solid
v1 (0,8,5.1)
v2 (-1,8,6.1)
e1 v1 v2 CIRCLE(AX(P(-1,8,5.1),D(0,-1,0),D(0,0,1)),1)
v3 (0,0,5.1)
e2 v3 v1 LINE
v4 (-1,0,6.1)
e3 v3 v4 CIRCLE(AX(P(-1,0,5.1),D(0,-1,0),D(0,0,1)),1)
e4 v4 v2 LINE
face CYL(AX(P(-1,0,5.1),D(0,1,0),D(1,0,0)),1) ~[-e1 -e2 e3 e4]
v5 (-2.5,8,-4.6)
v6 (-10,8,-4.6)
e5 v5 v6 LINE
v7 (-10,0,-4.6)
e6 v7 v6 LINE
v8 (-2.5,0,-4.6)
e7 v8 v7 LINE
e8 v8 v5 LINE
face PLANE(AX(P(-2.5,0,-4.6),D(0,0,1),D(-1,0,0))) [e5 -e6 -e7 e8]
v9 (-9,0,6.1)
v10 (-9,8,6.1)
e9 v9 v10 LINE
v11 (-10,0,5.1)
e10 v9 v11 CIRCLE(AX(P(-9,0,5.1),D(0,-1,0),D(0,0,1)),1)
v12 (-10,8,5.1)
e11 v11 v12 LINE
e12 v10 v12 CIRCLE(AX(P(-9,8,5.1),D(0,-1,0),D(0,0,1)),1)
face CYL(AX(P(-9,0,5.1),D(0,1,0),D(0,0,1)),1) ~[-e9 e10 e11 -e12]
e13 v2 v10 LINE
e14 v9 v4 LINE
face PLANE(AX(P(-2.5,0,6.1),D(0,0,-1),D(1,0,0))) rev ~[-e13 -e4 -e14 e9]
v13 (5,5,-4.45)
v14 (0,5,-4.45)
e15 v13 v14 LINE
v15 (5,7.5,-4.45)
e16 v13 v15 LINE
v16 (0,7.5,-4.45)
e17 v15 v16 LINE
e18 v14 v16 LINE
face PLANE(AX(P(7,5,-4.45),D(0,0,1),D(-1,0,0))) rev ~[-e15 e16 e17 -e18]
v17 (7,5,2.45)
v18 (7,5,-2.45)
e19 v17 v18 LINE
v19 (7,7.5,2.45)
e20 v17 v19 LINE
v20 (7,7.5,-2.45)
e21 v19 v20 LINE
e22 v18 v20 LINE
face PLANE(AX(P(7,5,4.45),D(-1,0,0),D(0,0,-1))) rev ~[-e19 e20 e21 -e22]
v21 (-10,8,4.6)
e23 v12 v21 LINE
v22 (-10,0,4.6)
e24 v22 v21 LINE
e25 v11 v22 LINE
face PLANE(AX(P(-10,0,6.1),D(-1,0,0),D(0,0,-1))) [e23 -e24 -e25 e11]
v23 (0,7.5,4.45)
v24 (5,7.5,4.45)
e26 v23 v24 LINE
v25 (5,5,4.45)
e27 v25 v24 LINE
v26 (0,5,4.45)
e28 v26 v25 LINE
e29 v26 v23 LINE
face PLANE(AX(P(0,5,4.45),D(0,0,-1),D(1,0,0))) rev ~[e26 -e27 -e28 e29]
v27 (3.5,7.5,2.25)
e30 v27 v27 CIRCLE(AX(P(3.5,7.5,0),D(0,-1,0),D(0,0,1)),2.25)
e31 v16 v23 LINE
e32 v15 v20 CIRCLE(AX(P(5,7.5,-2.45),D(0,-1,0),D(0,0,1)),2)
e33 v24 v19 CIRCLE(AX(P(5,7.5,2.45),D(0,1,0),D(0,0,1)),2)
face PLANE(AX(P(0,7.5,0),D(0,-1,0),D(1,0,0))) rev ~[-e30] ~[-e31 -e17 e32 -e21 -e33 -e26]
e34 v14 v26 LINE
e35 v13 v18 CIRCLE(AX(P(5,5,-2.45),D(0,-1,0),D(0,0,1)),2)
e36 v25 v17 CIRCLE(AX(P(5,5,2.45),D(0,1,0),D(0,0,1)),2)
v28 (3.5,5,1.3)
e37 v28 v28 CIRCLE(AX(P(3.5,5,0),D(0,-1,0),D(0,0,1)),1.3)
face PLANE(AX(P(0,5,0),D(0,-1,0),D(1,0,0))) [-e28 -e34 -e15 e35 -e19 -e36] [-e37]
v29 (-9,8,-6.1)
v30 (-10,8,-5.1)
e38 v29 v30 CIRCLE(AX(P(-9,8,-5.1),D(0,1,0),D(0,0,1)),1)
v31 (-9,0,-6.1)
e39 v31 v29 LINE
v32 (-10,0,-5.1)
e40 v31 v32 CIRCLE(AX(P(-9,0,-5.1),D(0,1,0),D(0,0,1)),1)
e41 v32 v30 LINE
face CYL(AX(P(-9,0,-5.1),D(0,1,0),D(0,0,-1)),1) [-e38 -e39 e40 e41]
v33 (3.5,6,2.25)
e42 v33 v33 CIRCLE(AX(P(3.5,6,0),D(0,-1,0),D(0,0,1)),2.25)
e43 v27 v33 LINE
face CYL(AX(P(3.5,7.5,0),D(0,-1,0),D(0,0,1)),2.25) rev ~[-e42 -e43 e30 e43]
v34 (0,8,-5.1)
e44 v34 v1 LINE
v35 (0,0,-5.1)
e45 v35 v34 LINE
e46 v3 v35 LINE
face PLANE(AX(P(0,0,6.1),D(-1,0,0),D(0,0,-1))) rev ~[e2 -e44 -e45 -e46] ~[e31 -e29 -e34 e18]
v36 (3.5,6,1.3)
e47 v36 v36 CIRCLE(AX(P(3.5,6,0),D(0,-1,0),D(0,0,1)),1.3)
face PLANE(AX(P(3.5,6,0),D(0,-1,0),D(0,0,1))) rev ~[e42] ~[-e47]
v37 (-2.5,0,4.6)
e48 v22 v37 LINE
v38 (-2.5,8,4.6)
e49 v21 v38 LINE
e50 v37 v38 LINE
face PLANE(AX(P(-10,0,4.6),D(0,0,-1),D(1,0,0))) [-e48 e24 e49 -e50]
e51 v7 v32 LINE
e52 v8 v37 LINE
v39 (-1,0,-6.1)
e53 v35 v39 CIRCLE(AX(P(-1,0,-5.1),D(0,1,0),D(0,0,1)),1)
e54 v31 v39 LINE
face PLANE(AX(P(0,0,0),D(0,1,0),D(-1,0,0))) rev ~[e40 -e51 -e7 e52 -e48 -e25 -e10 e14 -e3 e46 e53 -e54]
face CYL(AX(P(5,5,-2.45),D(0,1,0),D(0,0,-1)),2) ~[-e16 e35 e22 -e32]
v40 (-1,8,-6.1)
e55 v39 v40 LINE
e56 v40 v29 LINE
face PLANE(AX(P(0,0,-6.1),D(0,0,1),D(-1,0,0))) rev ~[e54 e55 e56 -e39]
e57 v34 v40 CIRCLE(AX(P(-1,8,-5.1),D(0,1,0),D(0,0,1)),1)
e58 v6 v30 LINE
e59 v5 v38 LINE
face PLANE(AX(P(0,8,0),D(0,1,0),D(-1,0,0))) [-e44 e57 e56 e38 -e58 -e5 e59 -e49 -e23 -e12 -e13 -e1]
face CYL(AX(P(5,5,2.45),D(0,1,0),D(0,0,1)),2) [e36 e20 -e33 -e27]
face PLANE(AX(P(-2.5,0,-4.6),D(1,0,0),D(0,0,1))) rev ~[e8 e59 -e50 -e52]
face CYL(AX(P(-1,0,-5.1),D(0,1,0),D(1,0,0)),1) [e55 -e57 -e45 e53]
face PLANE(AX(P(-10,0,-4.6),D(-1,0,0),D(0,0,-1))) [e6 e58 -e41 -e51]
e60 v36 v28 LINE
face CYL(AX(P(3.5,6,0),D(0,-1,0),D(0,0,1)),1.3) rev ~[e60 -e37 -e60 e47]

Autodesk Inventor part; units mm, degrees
ref_plane "YZ Plane" through (0, 0, 0) normal (1, 0, 0) x (0, 1, 0)
ref_plane "XZ Plane" through (0, 0, 0) normal (0, 1, 0) x (-1, 0, 0)
sketch "Szkic1" plane through (0, 0, 0) normal (0, 1, 0) x (-1, 0, 0)
  line L0 (2.5, 6.1) -> (0, 6.1)
  line L1 (0, 6.1) -> (0, -6.1)
  line L2 (0, -6.1) -> (2.5, -6.1)
  line L3 (2.5, -6.1) -> (2.5, 6.1)
  line L4 (0, 6.1) -> (10, 6.1)
  line L5 (10, 6.1) -> (10, 4.6)
  line L6 (10, 4.6) -> (0, 4.6)
  line L7 (0, 4.6) -> (0, 6.1)
  line L8 (0, -4.6) -> (10, -4.6)
  line L9 (10, -4.6) -> (10, -6.1)
  line L10 (10, -6.1) -> (0, -6.1)
  line L11 (0, -6.1) -> (0, -4.6)
  point P0 (0, 0)
  point P1 (0, 0)
  point P2 (2.5, -6.1)
  point P3 (2.5, -4.6)
  point P4 (2.5, 4.6)
  dimension "d0" = 2.5
  dimension "d1" = 9.2
  dimension "d2" = 10
  dimension "d3" = 1.5
  dimension "d4" = 1.5
extrude "Wyciągnięcie proste1" add sketch "Szkic1" along normal blind 8
ref_plane "Płaszczyzna konstrukcyjna1" through (0, 5, 0) normal (0, -1, 0) x (1, 0, 0)
sketch "Szkic2" plane through (0, 5, 0) normal (0, -1, 0) x (1, 0, 0)
  line L0 (7, -4.45) -> (0, -4.45)
  line L1 (0, -4.45) -> (0, 4.45)
  line L2 (0, 4.45) -> (7, 4.45)
  line L3 (7, 4.45) -> (7, -4.45)
  point P0 (0, 0)
  point P1 (0, 0)
  dimension "d8" = 8.9
  dimension "d9" = 7
extrude "Wyciągnięcie proste2" add sketch "Szkic2" against normal blind 2.5
sketch "Szkic3" plane through (0, 7.5, 0) normal (0, 1, 0) x (1, 0, 0)
  line L0 (3.5, -4) -> (3.5, 4)
  line L1 (-13.4, 0) -> (10.4, 0) projected
  line L2 (7, 4.45) -> (0, 4.45) projected
  line L3 (0, -4.45) -> (7, -4.45) projected
  point P0 (0, 0)
  point P1 (3.5, 0)
  point P2 (0, 4.45)
  point P3 (3.5, -4.45)
  point P4 (3.5, 4.45)
hole "Otwór1" at (3.5, 7.5, 0) direction (0, -1, 0) diameter 2.6 end through all counterbore diameter 4.5 counterbore depth 1.5
fillet "Zaokrąglenie1" radius 2 2 edges at (7, 6.25, 4.45) (7, 6.25, -4.45)
fillet "Zaokrąglenie2" radius 1 4 edges at (-10, 4, -6.1) (0, 4, -6.1) (-10, 4, 6.1) (0, 4, 6.1)
equation "\"d0\" = holder_gniazdo_grubosc"
equation "\"d1\" = holder_gniazdo_odleglosc_miedzy_ramionami"
equation "\"d2\" = holder_gniazdo_dlugosc_ramion"
equation "\"d3\" = holder_gniazdo_grubosc_ramion"
equation "\"d4\" = holder_gniazdo_grubosc_ramion"
equation "\"d5\" = holder_gniazdo_wys"
equation "\"d8\" = podstawa_mocowanie_DC_b"
equation "\"d9\" = podstawa_mocowanie_DC_a"
equation "\"d10\" = holder_gniazdo_grubosc"
equation "\"d12\" = gniazdo_M2_D2"
equation "\"d14\" = gniazdo_M2_D1"
equation "\"d15\" = gniazdo_M2_glebokosc"
equation "\"gniazdo_M2_glebokosc\" = 1.5"
equation "\"gniazdo_M2_D1\" = 4.5"
equation "\"gniazdo_M2_D2\" = 2.6"
equation "\"insert_D\" = 2.9"
equation "\"insert_glebokosc\" = 7"
equation "\"podstawa_wys\" = 2"
equation "\"podstawa_otwory_montazowe_poz_x\" = 4"
equation "\"podstawa_otwory_montazowe_poz_y\" = 4"
equation "\"podstawa_zaokraglenie\" = 3"
equation "\"obudowa_wys\" = 45"
equation "\"obudowa_grubosc\" = 2"
equation "\"obudowa_kontrolki_a\" = 38"
equation "\"obudowa_otwory_montazowe_poz_x\" = 4"
equation "\"obudowa_otwory_montazowe_poz_y\" = 4"
equation "\"obudowa_otwory_montazowe_material_x\" = 8"
equation "\"obudowa_otwory_montazowe_material_y\" = 8"
equation "\"obudowa_zaokraglenie\" = 3"
equation "\"obudowa_otwory_io1_D\" = 12"
equation "\"obudowa_otwory_io1_wys\" = 25"
equation "\"obudowa_otwory_io1_poz\" = 55"
equation "\"obudowa_otwory_io2_D\" = 12"
equation "\"obudowa_otwory_io2_wys\" = 25"
equation "\"obudowa_otwory_io2_poz\" = 38"
equation "\"obudowa_otwory_pot_D\" = 7.2"
equation "\"obudowa_pot_poz_y\" = 15"
equation "\"obudowa_s_rozstaw_y\" = 16"
equation "\"obudowa_s_poz_x\" = 78"
equation "\"obudowa_s_poz_y\" = 15"
equation "\"obudowa_s_D\" = 6.2"
equation "\"input_a\" = 8.9"
equation "\"input_b\" = 14.4"
equation "\"input_wys\" = 10.9"
equation "\"obudowa_MTS_otwor_D\" = 6.2"
equation "\"pcb_rozstaw_x\" = 92"
equation "\"pcb_rozstaw_y\" = 58"
equation "\"pcb_grubosc_scianki\" = 6"
equation "\"pcb_wys_bloku\" = 35"
equation "\"pcb_poz_y\" = 29"
equation "\"obudowa_footswitch_D\" = 12.3"
equation "\"obudowa_footswitch_poz_x\" = 35"
equation "\"obudowa_footswitch_poz_y\" = 68"
equation "\"obudowa_led_indicator_D\" = 3.5"
equation "\"obudowa_led_indicator_poz_x\" = 55"
equation "\"obudowa_podkladka_otwory\" = 4"
equation "\"obudowa_uchwyt_poz_z\" = 3"
equation "\"obudowa_uchwyt_grubosc\" = 2"
equation "\"obudowa_uchwyt_szerokosc_wew\" = 17.5"
equation "\"obudowa_uchwyt_wysokosc_wew\" = 26.3"
equation "\"obudowa_uchwyt_kolnierz_wys\" = 55"
equation "\"obudowa_gniazdo_poz\" = 25"
equation "\"obudowa_podciecie_inout_wys\" = 6"
equation "\"obudowa_podciecie_logo_wys\" = 34"
equation "\"obudowa_podciecie_logo_szerokosc\" = 25"
equation "\"obudowa_pot_pozycjonowanie_szerokosc\" = 2.8"
equation "\"obudowa_pot_pozycjonowanie_wys\" = 13"
equation "\"obudowa_pot_pozycjonowanie_glebokosc\" = 1.4"
equation "\"obudowa_led_mocowanie_wys\" = 6"
equation "\"obudowa_led_mocowanie_grubosc\" = 8"
equation "\"holder_led_grubosc\" = 2.5"
equation "\"holder_led_dlugosc\" = 28"
equation "\"holder_led_uchwyt_D\" = 5"
equation "\"holder_led_uchwyt_szerokosc\" = 8"
equation "\"holder_led_uchwyt_wysokosc\" = 5"
equation "\"holder_gniazdo_grubosc\" = 2.5"
equation "\"holder_gniazdo_a\" = 28"
equation "\"holder_gniazdo_b\" = 5"
equation "\"podstawa_mocowanie_DC_a\" = 7"
equation "\"podstawa_mocowanie_DC_b\" = 8.9"
equation "\"podstawa_mocowanie_DC_wys\" = 6"
equation "\"holder_gniazdo_odleglosc_miedzy_ramionami\" = 9.2"
equation "\"holder_gniazdo_dlugosc_ramion\" = 10"
equation "\"holder_gniazdo_grubosc_ramion\" = 1.5"
equation "\"holder_gniazdo_wys\" = 8"
equation "\"holder_gniazdo_uchwyt_poz\" = 5"
equation "\"d7\" = -holder_gniazdo_uchwyt_poz"
properties part number "input_holder"
